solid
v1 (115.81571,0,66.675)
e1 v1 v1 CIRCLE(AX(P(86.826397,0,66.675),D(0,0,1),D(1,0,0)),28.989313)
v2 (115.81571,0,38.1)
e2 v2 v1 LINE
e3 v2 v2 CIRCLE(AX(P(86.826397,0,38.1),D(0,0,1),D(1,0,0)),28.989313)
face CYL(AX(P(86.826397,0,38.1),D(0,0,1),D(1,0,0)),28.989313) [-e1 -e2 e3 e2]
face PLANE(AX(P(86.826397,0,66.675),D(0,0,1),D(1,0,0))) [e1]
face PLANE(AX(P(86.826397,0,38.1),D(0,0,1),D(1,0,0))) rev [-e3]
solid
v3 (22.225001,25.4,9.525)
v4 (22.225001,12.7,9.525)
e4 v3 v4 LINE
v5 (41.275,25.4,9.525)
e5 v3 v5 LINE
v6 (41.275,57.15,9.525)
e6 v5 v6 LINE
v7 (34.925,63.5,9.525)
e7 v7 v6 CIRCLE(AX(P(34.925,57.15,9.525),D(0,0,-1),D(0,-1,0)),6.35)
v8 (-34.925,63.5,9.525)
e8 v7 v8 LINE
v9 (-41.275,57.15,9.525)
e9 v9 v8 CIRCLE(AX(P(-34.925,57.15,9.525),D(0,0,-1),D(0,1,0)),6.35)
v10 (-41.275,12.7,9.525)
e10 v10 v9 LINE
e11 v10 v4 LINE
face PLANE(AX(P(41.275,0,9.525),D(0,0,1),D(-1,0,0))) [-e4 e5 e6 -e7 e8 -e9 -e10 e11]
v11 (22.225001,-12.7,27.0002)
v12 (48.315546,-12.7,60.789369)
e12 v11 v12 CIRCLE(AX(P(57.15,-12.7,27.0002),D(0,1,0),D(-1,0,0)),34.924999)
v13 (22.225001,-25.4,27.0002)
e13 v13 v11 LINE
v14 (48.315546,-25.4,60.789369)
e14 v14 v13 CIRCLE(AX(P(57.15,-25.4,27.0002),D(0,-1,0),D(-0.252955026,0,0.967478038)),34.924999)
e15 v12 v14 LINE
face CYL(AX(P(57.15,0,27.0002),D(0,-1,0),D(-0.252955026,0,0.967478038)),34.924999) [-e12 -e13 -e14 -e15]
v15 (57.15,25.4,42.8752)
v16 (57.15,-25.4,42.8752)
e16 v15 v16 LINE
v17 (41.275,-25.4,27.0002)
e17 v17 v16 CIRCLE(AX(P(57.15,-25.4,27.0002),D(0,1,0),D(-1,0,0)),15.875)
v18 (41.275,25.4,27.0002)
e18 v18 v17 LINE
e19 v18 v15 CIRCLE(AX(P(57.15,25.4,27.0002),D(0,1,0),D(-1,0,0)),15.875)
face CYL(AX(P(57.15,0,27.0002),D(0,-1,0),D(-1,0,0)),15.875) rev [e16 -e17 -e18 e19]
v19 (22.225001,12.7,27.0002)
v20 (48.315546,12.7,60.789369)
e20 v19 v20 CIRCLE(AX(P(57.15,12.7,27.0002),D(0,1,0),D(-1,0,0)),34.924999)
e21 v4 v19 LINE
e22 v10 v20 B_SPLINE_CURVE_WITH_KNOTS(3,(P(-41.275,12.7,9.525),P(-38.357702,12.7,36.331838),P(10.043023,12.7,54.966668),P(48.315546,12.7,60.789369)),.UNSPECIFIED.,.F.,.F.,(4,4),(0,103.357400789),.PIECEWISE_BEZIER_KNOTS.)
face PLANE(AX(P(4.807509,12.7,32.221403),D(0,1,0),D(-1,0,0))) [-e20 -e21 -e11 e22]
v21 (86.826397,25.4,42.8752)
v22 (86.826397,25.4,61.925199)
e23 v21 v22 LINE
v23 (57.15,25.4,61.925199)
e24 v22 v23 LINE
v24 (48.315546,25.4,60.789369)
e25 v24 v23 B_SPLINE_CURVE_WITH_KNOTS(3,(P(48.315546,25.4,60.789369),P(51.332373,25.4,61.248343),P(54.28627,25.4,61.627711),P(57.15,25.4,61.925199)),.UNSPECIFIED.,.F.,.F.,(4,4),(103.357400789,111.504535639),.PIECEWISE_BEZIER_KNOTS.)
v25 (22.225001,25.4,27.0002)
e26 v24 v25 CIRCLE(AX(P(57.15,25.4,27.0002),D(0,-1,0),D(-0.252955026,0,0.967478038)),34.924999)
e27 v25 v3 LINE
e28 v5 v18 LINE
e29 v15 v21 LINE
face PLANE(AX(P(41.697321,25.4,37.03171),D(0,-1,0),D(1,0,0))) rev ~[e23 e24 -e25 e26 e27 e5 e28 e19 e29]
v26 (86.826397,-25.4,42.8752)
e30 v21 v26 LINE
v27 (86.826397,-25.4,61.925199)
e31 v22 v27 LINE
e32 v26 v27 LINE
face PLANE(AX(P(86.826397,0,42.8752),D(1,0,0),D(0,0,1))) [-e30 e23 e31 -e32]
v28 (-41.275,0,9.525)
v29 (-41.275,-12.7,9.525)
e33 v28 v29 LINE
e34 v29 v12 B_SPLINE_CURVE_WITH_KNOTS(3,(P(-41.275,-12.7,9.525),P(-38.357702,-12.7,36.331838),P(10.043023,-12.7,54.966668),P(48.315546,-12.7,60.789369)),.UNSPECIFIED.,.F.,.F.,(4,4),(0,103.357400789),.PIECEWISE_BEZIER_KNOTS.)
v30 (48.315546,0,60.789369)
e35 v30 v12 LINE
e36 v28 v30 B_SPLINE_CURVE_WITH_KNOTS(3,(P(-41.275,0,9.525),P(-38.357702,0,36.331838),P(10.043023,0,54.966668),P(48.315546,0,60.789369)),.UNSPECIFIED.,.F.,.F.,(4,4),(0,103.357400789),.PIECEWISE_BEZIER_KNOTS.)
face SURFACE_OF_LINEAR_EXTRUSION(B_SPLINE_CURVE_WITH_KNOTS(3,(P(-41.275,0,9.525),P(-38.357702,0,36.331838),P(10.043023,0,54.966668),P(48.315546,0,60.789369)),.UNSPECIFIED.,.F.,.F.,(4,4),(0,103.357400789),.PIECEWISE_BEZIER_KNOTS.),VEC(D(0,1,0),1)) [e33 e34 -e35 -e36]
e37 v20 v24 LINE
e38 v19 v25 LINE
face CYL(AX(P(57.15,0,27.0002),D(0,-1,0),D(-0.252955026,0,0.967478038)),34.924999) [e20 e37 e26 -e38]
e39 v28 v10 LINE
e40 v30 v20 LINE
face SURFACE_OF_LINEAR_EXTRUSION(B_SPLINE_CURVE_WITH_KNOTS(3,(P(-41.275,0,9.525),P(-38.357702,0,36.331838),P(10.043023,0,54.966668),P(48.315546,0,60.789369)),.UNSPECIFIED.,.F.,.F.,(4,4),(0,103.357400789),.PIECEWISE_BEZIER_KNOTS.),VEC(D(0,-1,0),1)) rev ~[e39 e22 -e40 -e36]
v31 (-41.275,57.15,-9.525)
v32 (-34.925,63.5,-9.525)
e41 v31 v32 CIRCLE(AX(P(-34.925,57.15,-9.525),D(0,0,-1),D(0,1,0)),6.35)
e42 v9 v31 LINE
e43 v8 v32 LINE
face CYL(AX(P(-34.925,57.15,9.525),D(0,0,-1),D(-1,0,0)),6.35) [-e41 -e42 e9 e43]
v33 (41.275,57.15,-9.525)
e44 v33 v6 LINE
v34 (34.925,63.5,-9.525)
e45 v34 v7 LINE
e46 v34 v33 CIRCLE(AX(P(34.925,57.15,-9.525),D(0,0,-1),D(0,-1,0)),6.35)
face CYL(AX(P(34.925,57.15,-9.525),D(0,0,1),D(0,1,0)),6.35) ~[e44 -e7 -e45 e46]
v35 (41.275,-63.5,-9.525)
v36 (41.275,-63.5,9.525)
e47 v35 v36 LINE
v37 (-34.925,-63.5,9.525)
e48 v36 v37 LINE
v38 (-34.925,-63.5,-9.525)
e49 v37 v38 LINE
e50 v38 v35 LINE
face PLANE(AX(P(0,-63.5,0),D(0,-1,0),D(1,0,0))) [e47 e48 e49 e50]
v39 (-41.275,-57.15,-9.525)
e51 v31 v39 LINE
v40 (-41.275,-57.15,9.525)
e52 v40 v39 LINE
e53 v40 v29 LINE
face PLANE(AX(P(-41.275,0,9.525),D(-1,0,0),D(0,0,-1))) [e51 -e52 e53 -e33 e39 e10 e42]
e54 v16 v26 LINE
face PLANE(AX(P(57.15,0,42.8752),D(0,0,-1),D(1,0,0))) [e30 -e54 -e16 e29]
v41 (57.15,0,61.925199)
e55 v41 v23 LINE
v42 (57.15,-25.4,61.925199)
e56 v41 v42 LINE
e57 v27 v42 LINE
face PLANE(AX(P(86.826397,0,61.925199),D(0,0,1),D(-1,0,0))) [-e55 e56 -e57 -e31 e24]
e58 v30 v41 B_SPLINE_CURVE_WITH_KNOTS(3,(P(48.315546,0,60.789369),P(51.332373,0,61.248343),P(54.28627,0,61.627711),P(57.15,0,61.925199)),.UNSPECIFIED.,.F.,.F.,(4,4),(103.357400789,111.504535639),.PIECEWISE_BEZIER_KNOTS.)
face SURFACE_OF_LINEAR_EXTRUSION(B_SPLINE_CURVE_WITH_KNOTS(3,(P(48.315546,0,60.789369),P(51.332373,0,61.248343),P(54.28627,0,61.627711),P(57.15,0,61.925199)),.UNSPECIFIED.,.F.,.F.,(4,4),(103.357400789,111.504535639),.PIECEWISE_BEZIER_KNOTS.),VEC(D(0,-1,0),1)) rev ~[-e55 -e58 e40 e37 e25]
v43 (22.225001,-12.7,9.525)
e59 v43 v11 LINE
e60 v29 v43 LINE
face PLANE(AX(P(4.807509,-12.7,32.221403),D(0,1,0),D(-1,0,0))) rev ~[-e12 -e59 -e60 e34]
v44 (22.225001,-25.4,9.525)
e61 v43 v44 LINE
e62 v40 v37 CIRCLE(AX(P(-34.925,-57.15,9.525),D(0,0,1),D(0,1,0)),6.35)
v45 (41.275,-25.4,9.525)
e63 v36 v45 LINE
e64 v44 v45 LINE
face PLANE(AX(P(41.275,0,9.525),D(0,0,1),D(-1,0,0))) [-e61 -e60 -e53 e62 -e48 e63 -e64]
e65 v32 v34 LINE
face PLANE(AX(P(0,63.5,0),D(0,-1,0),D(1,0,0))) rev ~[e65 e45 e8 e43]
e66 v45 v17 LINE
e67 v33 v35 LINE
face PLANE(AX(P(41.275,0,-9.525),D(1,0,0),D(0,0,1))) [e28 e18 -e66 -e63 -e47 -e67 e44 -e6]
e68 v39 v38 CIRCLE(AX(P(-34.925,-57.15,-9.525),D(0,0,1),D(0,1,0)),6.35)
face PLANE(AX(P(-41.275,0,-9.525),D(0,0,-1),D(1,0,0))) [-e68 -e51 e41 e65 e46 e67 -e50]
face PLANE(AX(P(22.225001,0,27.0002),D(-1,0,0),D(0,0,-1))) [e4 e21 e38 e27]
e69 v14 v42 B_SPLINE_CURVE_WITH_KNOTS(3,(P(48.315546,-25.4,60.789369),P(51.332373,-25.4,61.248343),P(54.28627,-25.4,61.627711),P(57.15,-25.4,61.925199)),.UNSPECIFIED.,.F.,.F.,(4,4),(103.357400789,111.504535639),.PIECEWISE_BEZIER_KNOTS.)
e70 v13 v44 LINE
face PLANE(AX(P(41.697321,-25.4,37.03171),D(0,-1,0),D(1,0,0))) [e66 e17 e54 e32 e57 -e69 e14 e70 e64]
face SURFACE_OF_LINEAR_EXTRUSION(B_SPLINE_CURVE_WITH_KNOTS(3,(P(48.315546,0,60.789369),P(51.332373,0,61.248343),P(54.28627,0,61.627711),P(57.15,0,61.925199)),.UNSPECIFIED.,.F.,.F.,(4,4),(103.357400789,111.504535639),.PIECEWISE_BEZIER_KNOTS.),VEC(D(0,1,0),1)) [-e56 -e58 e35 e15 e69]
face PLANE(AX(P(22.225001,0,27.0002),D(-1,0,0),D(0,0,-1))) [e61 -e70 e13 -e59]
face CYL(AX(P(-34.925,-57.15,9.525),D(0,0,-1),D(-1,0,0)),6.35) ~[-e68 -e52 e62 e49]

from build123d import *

# Parameters (mm, degrees)
F1_DEPTH = 63.5
F0_W     = 21.8106865818
F0_H     = 19.0499988828
F2_DEPTH = 25.4
F3_DEPTH = 12.7
F5_R     = 6.35


with BuildPart() as f1:
    # F0 (on Front) → F1 (new body, symmetric)
    with BuildSketch(Plane.XZ):
        Polygon((22.2250011172, 9.525), (-41.275, 9.525), (-41.275, -9.525), (41.275, -9.525), (41.275, 9.525), align=None)
    extrude(amount=F1_DEPTH, both=True)

    # F0 (on Front) → F2 (join, symmetric)
    with BuildSketch(Plane.XZ):
        with BuildLine():
            Line((22.2250011172, 27.0002), (22.2250011172, 9.525))
            Line((22.2250011172, 9.525), (41.275, 9.525))
            Line((41.275, 9.525), (41.275, 27.0002))
            ThreePointArc((41.275, 27.0002), (45.9246798487, 38.2255201513), (57.15, 42.8752))
            Line((57.15, 42.8752), (65.0157099766, 42.8752))
            Line((65.0157099766, 42.8752), (65.0157099766, 61.9251988828))
            Line((65.0157099766, 61.9251988828), (57.15, 61.9251988828))
            add(Edge.make_bspline(
                [(48.3155460032, 60.7893694119), (51.332373107, 61.2483431533), (54.286270029, 61.6277105036), (57.15, 61.9251988828)],
                knots=[103.3574007892, 103.3574007892, 103.3574007892, 103.3574007892, 111.5045356385, 111.5045356385, 111.5045356385, 111.5045356385], degree=3))
            ThreePointArc((48.3155460032, 60.7893694119), (29.5067472705, 48.34513208), (22.2250011172, 27.0002))
        make_face()
        with Locations((75.9210532675, 52.4001994414)):
            Rectangle(F0_W, F0_H)
    extrude(amount=F2_DEPTH, both=True)

    # F0 (on Front) → F3 (join, symmetric)
    with BuildSketch(Plane.XZ):
        with BuildLine():
            add(Edge.make_bspline(
                [(-41.275, 9.525), (-38.3577020942, 36.3318382761), (10.043022736, 54.9666680795), (48.3155460032, 60.7893694119)],
                knots=[0, 0, 0, 0, 103.3574007892, 103.3574007892, 103.3574007892, 103.3574007892], degree=3))
            Line((-41.275, 9.525), (22.2250011172, 9.525))
            Line((22.2250011172, 9.525), (22.2250011172, 27.0002))
            ThreePointArc((22.2250011172, 27.0002), (29.5067472705, 48.34513208), (48.3155460032, 60.7893694119))
        make_face()
    extrude(amount=F3_DEPTH, both=True)

    # F5
    f5_edges = [f1.edges().sort_by_distance(p)[0] for p in [
        (41.275, 63.5, 0),
        (-41.275, 63.5, 0),
        (-41.275, -63.5, 0),
    ]]
    fillet(f5_edges, radius=F5_R)


with BuildPart() as f4:
    # F0 (on Front) → F4 (revolve)
    with BuildSketch(Plane.XZ):
        Polygon((86.8263965584, 66.675), (86.8263965584, 61.9251988828), (86.8263965584, 42.8752), (86.8263965584, 38.1), (115.8157099766, 38.1), (115.8157099766, 66.675), align=None)
    revolve(axis=Axis((86.8263965584, 0, 52.3875), (0, 0, 1)))


solid = Compound([f1.part, f4.part])
